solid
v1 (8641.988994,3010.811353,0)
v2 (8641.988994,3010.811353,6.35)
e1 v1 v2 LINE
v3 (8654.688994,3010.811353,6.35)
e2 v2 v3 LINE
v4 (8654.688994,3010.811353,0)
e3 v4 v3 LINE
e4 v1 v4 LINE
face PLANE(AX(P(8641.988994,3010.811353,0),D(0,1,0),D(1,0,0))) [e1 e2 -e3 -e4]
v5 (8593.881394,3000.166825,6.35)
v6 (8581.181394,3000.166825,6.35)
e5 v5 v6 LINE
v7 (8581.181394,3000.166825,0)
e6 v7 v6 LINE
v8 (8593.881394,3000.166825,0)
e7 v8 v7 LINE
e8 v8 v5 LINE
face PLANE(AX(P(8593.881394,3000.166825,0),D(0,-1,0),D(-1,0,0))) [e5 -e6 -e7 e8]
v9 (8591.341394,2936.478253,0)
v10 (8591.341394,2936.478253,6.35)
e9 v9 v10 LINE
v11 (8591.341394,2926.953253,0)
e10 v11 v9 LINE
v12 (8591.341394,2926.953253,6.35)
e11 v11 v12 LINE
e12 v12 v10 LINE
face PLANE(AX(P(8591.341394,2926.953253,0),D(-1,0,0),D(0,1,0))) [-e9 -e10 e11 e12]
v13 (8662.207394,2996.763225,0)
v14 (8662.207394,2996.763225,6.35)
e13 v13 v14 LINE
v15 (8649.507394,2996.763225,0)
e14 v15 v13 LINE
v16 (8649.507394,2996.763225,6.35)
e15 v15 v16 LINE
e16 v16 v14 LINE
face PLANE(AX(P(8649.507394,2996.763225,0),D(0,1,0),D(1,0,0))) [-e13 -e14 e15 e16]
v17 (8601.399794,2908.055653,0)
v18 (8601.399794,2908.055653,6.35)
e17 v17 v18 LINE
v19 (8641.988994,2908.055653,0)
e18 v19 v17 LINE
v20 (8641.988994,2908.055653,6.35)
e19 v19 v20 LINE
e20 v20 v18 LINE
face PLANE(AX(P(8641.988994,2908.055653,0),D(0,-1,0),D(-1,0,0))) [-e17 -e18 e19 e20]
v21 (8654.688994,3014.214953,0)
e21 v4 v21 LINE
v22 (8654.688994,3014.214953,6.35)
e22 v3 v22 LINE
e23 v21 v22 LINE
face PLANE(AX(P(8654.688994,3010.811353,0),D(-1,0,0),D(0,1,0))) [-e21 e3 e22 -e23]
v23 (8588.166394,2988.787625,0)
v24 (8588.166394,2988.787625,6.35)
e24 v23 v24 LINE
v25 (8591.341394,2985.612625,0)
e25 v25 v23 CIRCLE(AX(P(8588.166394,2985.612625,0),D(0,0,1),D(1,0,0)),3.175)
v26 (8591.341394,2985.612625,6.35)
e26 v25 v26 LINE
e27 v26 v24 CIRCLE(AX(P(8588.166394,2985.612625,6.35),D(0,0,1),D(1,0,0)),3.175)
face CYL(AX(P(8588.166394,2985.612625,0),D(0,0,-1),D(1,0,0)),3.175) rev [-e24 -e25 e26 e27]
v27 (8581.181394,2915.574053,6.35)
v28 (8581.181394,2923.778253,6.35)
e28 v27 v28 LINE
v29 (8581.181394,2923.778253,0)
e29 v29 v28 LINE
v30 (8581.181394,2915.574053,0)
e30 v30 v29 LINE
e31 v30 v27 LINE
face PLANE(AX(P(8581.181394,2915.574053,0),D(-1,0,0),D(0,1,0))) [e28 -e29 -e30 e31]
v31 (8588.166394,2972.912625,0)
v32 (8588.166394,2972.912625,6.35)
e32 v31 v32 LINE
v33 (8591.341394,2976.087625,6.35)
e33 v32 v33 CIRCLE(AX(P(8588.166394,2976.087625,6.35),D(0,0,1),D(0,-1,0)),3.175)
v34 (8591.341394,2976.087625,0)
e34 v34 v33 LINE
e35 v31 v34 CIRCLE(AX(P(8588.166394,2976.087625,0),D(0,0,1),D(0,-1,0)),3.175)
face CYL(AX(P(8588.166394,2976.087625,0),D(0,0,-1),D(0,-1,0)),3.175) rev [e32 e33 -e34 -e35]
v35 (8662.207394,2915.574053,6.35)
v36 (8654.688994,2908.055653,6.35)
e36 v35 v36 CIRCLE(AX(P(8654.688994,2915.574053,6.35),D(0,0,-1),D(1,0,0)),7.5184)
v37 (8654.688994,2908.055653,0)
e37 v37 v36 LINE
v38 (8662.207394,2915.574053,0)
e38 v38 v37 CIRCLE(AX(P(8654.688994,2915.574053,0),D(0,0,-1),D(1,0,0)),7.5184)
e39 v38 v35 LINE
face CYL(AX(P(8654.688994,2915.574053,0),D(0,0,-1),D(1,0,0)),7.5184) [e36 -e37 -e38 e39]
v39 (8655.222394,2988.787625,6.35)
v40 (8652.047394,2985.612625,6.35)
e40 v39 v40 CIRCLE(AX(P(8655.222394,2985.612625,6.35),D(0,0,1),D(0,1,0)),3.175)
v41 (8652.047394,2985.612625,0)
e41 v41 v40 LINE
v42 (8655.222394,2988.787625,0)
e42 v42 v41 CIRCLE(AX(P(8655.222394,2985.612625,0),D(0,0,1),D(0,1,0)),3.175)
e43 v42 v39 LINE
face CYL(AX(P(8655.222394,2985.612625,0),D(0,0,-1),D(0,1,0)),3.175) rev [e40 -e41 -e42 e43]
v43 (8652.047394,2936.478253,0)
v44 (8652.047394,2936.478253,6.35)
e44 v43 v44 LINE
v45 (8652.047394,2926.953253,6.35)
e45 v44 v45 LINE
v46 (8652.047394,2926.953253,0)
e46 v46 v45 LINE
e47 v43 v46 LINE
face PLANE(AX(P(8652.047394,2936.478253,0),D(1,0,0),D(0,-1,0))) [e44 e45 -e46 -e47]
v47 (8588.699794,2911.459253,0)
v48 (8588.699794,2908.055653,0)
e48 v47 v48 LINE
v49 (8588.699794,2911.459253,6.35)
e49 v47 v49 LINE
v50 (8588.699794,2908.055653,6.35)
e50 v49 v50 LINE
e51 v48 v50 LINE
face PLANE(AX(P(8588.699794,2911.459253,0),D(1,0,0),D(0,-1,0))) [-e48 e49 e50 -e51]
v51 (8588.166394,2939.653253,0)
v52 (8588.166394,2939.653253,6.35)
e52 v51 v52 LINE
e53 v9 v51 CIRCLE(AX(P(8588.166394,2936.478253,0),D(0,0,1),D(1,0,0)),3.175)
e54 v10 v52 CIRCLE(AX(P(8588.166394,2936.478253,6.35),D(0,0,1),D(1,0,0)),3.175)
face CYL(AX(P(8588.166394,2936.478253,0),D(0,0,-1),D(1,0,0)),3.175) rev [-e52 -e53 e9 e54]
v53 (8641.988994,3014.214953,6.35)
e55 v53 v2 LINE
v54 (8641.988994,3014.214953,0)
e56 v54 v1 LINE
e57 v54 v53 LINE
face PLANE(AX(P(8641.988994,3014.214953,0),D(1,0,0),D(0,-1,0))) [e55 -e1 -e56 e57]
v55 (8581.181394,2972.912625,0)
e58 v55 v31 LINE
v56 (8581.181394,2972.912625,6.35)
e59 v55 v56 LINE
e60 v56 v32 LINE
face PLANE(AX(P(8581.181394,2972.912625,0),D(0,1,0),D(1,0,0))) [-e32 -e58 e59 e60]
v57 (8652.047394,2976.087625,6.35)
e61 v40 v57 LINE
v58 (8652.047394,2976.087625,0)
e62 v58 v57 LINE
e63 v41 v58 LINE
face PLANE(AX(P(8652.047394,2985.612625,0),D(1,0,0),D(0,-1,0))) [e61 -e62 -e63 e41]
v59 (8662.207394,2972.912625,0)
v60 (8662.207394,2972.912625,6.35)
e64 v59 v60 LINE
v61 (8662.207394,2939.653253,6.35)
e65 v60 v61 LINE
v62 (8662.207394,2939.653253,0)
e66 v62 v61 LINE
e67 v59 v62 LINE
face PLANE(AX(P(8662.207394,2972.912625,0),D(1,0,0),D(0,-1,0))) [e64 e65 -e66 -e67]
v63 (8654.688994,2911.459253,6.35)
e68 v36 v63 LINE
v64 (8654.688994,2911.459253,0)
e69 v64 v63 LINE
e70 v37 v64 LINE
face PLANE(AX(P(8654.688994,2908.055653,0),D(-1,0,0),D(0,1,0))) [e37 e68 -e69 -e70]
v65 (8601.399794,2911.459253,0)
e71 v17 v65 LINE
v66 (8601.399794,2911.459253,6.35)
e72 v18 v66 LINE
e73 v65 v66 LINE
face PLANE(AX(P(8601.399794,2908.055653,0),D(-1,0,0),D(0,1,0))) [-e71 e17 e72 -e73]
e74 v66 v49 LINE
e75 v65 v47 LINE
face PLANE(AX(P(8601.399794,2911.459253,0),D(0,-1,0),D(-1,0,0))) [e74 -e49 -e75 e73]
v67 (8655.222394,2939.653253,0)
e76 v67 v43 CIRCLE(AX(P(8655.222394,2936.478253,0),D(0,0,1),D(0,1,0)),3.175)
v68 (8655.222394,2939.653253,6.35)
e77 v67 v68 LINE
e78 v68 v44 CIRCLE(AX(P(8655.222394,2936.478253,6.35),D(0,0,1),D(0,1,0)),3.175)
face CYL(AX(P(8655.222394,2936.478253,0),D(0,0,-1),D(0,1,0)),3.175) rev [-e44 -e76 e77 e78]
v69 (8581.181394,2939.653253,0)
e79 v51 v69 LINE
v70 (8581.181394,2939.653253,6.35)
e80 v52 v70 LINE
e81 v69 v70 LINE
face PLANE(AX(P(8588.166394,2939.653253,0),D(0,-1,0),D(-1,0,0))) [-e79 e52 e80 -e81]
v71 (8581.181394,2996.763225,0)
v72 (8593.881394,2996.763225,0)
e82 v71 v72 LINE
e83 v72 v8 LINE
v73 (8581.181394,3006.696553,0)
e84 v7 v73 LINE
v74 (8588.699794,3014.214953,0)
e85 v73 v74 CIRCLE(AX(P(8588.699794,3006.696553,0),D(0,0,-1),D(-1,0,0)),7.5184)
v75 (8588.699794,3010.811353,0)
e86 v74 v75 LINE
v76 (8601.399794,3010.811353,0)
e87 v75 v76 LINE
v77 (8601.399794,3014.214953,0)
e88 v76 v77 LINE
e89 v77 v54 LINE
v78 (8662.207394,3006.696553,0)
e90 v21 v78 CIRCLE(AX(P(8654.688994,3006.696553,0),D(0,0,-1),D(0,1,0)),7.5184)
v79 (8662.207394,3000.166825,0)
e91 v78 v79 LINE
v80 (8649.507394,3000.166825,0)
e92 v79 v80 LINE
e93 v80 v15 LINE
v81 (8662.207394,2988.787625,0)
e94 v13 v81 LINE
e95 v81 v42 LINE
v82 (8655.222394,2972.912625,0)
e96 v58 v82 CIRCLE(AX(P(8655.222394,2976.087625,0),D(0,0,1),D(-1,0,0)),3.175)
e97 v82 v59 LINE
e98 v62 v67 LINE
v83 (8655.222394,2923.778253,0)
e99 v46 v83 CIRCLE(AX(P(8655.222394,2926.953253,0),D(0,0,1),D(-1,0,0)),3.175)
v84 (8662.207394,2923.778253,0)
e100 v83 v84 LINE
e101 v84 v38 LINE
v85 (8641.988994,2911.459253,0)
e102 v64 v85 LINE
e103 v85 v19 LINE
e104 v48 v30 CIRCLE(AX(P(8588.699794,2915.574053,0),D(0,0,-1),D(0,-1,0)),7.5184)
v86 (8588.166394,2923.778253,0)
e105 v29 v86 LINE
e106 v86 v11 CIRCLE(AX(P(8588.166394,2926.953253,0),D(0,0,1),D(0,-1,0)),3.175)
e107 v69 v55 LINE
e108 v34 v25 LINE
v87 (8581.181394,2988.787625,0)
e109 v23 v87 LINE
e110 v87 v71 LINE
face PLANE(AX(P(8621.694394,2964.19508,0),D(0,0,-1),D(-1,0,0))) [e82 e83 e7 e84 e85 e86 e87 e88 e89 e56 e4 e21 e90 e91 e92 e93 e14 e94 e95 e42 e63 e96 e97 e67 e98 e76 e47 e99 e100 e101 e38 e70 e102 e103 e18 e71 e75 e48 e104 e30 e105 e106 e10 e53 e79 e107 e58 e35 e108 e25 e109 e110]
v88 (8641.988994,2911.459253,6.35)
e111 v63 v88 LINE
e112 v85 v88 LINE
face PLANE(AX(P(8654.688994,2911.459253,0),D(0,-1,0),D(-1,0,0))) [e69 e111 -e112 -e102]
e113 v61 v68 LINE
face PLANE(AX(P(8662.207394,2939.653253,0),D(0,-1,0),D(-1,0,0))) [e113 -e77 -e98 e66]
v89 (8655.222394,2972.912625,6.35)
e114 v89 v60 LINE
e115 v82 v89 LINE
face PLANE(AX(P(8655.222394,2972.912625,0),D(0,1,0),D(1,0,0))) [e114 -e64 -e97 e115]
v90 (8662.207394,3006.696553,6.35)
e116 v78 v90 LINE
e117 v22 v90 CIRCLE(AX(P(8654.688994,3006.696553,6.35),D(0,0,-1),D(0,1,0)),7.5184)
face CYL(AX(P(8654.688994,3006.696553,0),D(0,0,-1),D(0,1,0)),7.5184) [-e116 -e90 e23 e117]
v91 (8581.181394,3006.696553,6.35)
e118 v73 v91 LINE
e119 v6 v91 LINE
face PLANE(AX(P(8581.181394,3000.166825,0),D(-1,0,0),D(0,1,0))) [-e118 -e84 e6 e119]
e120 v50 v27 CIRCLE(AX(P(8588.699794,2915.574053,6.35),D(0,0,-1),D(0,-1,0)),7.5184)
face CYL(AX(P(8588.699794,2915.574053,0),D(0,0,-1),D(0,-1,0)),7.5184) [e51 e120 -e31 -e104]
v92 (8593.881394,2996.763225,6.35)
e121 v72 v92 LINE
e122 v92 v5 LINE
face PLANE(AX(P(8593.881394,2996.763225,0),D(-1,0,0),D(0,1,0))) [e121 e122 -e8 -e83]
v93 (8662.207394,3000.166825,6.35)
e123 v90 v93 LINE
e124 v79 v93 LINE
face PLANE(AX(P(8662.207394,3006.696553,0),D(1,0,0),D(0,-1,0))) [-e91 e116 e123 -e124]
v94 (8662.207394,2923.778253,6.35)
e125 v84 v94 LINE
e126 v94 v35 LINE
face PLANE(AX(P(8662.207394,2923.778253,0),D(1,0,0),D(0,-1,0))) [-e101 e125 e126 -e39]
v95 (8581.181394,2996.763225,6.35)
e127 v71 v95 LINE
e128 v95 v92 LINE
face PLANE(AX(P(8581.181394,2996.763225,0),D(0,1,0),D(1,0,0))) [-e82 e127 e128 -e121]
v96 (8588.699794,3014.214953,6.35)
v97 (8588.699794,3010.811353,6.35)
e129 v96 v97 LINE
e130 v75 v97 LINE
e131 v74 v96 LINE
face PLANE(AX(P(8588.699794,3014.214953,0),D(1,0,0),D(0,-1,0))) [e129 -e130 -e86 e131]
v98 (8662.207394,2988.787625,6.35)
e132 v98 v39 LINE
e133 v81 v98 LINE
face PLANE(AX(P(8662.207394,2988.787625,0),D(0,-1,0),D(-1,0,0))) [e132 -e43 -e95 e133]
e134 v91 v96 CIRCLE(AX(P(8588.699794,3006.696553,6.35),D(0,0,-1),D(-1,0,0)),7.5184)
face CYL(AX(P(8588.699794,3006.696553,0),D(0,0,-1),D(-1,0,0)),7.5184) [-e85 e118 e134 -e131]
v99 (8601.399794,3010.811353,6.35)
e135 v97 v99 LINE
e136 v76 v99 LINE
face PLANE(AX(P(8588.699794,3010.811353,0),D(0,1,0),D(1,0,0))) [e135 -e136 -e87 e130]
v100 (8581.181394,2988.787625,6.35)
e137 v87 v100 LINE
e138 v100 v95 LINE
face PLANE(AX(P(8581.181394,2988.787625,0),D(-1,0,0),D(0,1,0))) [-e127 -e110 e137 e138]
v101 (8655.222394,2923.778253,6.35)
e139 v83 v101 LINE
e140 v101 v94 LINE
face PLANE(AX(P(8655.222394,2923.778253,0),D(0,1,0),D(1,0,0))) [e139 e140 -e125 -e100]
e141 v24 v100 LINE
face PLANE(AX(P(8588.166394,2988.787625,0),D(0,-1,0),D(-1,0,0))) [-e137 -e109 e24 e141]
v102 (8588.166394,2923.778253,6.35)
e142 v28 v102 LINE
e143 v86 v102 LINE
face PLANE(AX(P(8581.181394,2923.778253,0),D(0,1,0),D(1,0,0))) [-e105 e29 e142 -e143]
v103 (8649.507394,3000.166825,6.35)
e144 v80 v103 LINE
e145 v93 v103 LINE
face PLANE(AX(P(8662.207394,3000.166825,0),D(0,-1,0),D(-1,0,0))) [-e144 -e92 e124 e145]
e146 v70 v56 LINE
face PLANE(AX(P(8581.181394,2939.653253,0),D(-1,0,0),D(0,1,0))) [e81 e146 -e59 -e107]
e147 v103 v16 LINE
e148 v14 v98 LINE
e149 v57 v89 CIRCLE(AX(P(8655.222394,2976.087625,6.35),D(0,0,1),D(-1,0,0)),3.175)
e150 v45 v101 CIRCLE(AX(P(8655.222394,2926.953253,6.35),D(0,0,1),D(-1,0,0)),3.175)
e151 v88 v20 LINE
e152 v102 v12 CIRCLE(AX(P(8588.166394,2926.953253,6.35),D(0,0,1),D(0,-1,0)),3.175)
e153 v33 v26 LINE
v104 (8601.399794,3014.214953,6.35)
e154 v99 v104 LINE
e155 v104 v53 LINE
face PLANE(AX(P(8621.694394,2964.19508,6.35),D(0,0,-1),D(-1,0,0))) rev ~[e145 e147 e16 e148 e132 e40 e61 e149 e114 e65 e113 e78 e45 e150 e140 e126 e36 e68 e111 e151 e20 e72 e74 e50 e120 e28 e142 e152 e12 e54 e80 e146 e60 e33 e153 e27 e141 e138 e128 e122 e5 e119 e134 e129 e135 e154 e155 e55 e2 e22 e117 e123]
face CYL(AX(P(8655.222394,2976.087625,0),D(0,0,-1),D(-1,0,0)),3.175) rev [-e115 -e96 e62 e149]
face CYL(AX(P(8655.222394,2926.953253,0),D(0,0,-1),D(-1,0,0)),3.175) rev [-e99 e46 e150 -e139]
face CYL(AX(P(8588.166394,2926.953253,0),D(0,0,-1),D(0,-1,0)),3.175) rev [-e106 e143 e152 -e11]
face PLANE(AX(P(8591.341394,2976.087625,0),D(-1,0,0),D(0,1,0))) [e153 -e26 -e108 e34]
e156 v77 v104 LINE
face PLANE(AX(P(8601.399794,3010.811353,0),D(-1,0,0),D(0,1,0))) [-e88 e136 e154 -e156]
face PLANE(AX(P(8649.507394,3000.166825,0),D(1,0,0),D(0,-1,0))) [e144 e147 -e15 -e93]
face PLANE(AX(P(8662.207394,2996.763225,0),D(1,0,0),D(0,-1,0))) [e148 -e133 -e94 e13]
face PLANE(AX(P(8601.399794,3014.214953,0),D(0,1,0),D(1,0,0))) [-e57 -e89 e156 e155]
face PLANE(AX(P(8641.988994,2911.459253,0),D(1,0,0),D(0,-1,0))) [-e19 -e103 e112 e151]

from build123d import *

# Parameters (mm, degrees)
BOSS_EXTRUDE1_DEPTH = 6.35


with BuildPart() as part:
    # Sketch1 → Boss-Extrude1 (new body)
    with BuildSketch(Plane.XY):
        with BuildLine():
            Line((8662.207393671, 3006.696553149), (8662.207393671, 3000.166824887))
            Line((8662.207393671, 3000.166824887), (8649.507393671, 3000.166824887))
            Line((8649.507393671, 3000.166824887), (8649.507393671, 2996.763224887))
            Line((8649.507393671, 2996.763224887), (8662.207393671, 2996.763224887))
            Line((8662.207393671, 2996.763224887), (8662.207393671, 2988.787624887))
            Line((8662.207393671, 2988.787624887), (8655.222393671, 2988.787624887))
            ThreePointArc((8655.222393671, 2988.787624887), (8652.977329641, 2987.857688918), (8652.047393671, 2985.612624887))
            Line((8652.047393671, 2985.612624887), (8652.047393671, 2976.087624887))
            ThreePointArc((8652.047393671, 2976.087624887), (8652.977329641, 2973.842560857), (8655.222393671, 2972.912624887))
            Line((8655.222393671, 2972.912624887), (8662.207393671, 2972.912624887))
            Line((8662.207393671, 2972.912624887), (8662.207393671, 2939.653253149))
            Line((8662.207393671, 2939.653253149), (8655.222393671, 2939.653253149))
            ThreePointArc((8655.222393671, 2939.653253149), (8652.977329641, 2938.723317179), (8652.047393671, 2936.478253149))
            Line((8652.047393671, 2936.478253149), (8652.047393671, 2926.953253149))
            ThreePointArc((8652.047393671, 2926.953253149), (8652.977329641, 2924.708189118), (8655.222393671, 2923.778253149))
            Line((8655.222393671, 2923.778253149), (8662.207393671, 2923.778253149))
            Line((8662.207393671, 2923.778253149), (8662.207393671, 2915.574053149))
            ThreePointArc((8662.207393671, 2915.574053149), (8660.005305295, 2910.257741525), (8654.688993671, 2908.055653149))
            Line((8654.688993671, 2908.055653149), (8654.688993671, 2911.459253149))
            Line((8654.688993671, 2911.459253149), (8641.988993671, 2911.459253149))
            Line((8641.988993671, 2911.459253149), (8641.988993671, 2908.055653149))
            Line((8641.988993671, 2908.055653149), (8601.399793671, 2908.055653149))
            Line((8601.399793671, 2908.055653149), (8601.399793671, 2911.459253149))
            Line((8601.399793671, 2911.459253149), (8588.699793671, 2911.459253149))
            Line((8588.699793671, 2911.459253149), (8588.699793671, 2908.055653149))
            ThreePointArc((8588.699793671, 2908.055653149), (8583.383482047, 2910.257741525), (8581.181393671, 2915.574053149))
            Line((8581.181393671, 2915.574053149), (8581.181393671, 2923.778253149))
            Line((8581.181393671, 2923.778253149), (8588.166393671, 2923.778253149))
            ThreePointArc((8588.166393671, 2923.778253149), (8590.411457701, 2924.708189118), (8591.341393671, 2926.953253149))
            Line((8591.341393671, 2926.953253149), (8591.341393671, 2936.478253149))
            ThreePointArc((8591.341393671, 2936.478253149), (8590.411457701, 2938.723317179), (8588.166393671, 2939.653253149))
            Line((8588.166393671, 2939.653253149), (8581.181393671, 2939.653253149))
            Line((8581.181393671, 2939.653253149), (8581.181393671, 2972.912624887))
            Line((8581.181393671, 2972.912624887), (8588.166393671, 2972.912624887))
            ThreePointArc((8588.166393671, 2972.912624887), (8590.411457701, 2973.842560857), (8591.341393671, 2976.087624887))
            Line((8591.341393671, 2976.087624887), (8591.341393671, 2985.612624887))
            ThreePointArc((8591.341393671, 2985.612624887), (8590.411457701, 2987.857688918), (8588.166393671, 2988.787624887))
            Line((8588.166393671, 2988.787624887), (8581.181393671, 2988.787624887))
            Line((8581.181393671, 2988.787624887), (8581.181393671, 2996.763224887))
            Line((8581.181393671, 2996.763224887), (8593.881393671, 2996.763224887))
            Line((8593.881393671, 2996.763224887), (8593.881393671, 3000.166824887))
            Line((8593.881393671, 3000.166824887), (8581.181393671, 3000.166824887))
            Line((8581.181393671, 3000.166824887), (8581.181393671, 3006.696553149))
            ThreePointArc((8581.181393671, 3006.696553149), (8583.383482047, 3012.012864772), (8588.699793671, 3014.214953149))
            Line((8588.699793671, 3014.214953149), (8588.699793671, 3010.811353149))
            Line((8588.699793671, 3010.811353149), (8601.399793671, 3010.811353149))
            Line((8601.399793671, 3010.811353149), (8601.399793671, 3014.214953149))
            Line((8601.399793671, 3014.214953149), (8641.988993671, 3014.214953149))
            Line((8641.988993671, 3014.214953149), (8641.988993671, 3010.811353149))
            Line((8641.988993671, 3010.811353149), (8654.688993671, 3010.811353149))
            Line((8654.688993671, 3010.811353149), (8654.688993671, 3014.214953149))
            ThreePointArc((8654.688993671, 3014.214953149), (8660.005305295, 3012.012864772), (8662.207393671, 3006.696553149))
        make_face()
    extrude(amount=BOSS_EXTRUDE1_DEPTH)


solid = part.part
